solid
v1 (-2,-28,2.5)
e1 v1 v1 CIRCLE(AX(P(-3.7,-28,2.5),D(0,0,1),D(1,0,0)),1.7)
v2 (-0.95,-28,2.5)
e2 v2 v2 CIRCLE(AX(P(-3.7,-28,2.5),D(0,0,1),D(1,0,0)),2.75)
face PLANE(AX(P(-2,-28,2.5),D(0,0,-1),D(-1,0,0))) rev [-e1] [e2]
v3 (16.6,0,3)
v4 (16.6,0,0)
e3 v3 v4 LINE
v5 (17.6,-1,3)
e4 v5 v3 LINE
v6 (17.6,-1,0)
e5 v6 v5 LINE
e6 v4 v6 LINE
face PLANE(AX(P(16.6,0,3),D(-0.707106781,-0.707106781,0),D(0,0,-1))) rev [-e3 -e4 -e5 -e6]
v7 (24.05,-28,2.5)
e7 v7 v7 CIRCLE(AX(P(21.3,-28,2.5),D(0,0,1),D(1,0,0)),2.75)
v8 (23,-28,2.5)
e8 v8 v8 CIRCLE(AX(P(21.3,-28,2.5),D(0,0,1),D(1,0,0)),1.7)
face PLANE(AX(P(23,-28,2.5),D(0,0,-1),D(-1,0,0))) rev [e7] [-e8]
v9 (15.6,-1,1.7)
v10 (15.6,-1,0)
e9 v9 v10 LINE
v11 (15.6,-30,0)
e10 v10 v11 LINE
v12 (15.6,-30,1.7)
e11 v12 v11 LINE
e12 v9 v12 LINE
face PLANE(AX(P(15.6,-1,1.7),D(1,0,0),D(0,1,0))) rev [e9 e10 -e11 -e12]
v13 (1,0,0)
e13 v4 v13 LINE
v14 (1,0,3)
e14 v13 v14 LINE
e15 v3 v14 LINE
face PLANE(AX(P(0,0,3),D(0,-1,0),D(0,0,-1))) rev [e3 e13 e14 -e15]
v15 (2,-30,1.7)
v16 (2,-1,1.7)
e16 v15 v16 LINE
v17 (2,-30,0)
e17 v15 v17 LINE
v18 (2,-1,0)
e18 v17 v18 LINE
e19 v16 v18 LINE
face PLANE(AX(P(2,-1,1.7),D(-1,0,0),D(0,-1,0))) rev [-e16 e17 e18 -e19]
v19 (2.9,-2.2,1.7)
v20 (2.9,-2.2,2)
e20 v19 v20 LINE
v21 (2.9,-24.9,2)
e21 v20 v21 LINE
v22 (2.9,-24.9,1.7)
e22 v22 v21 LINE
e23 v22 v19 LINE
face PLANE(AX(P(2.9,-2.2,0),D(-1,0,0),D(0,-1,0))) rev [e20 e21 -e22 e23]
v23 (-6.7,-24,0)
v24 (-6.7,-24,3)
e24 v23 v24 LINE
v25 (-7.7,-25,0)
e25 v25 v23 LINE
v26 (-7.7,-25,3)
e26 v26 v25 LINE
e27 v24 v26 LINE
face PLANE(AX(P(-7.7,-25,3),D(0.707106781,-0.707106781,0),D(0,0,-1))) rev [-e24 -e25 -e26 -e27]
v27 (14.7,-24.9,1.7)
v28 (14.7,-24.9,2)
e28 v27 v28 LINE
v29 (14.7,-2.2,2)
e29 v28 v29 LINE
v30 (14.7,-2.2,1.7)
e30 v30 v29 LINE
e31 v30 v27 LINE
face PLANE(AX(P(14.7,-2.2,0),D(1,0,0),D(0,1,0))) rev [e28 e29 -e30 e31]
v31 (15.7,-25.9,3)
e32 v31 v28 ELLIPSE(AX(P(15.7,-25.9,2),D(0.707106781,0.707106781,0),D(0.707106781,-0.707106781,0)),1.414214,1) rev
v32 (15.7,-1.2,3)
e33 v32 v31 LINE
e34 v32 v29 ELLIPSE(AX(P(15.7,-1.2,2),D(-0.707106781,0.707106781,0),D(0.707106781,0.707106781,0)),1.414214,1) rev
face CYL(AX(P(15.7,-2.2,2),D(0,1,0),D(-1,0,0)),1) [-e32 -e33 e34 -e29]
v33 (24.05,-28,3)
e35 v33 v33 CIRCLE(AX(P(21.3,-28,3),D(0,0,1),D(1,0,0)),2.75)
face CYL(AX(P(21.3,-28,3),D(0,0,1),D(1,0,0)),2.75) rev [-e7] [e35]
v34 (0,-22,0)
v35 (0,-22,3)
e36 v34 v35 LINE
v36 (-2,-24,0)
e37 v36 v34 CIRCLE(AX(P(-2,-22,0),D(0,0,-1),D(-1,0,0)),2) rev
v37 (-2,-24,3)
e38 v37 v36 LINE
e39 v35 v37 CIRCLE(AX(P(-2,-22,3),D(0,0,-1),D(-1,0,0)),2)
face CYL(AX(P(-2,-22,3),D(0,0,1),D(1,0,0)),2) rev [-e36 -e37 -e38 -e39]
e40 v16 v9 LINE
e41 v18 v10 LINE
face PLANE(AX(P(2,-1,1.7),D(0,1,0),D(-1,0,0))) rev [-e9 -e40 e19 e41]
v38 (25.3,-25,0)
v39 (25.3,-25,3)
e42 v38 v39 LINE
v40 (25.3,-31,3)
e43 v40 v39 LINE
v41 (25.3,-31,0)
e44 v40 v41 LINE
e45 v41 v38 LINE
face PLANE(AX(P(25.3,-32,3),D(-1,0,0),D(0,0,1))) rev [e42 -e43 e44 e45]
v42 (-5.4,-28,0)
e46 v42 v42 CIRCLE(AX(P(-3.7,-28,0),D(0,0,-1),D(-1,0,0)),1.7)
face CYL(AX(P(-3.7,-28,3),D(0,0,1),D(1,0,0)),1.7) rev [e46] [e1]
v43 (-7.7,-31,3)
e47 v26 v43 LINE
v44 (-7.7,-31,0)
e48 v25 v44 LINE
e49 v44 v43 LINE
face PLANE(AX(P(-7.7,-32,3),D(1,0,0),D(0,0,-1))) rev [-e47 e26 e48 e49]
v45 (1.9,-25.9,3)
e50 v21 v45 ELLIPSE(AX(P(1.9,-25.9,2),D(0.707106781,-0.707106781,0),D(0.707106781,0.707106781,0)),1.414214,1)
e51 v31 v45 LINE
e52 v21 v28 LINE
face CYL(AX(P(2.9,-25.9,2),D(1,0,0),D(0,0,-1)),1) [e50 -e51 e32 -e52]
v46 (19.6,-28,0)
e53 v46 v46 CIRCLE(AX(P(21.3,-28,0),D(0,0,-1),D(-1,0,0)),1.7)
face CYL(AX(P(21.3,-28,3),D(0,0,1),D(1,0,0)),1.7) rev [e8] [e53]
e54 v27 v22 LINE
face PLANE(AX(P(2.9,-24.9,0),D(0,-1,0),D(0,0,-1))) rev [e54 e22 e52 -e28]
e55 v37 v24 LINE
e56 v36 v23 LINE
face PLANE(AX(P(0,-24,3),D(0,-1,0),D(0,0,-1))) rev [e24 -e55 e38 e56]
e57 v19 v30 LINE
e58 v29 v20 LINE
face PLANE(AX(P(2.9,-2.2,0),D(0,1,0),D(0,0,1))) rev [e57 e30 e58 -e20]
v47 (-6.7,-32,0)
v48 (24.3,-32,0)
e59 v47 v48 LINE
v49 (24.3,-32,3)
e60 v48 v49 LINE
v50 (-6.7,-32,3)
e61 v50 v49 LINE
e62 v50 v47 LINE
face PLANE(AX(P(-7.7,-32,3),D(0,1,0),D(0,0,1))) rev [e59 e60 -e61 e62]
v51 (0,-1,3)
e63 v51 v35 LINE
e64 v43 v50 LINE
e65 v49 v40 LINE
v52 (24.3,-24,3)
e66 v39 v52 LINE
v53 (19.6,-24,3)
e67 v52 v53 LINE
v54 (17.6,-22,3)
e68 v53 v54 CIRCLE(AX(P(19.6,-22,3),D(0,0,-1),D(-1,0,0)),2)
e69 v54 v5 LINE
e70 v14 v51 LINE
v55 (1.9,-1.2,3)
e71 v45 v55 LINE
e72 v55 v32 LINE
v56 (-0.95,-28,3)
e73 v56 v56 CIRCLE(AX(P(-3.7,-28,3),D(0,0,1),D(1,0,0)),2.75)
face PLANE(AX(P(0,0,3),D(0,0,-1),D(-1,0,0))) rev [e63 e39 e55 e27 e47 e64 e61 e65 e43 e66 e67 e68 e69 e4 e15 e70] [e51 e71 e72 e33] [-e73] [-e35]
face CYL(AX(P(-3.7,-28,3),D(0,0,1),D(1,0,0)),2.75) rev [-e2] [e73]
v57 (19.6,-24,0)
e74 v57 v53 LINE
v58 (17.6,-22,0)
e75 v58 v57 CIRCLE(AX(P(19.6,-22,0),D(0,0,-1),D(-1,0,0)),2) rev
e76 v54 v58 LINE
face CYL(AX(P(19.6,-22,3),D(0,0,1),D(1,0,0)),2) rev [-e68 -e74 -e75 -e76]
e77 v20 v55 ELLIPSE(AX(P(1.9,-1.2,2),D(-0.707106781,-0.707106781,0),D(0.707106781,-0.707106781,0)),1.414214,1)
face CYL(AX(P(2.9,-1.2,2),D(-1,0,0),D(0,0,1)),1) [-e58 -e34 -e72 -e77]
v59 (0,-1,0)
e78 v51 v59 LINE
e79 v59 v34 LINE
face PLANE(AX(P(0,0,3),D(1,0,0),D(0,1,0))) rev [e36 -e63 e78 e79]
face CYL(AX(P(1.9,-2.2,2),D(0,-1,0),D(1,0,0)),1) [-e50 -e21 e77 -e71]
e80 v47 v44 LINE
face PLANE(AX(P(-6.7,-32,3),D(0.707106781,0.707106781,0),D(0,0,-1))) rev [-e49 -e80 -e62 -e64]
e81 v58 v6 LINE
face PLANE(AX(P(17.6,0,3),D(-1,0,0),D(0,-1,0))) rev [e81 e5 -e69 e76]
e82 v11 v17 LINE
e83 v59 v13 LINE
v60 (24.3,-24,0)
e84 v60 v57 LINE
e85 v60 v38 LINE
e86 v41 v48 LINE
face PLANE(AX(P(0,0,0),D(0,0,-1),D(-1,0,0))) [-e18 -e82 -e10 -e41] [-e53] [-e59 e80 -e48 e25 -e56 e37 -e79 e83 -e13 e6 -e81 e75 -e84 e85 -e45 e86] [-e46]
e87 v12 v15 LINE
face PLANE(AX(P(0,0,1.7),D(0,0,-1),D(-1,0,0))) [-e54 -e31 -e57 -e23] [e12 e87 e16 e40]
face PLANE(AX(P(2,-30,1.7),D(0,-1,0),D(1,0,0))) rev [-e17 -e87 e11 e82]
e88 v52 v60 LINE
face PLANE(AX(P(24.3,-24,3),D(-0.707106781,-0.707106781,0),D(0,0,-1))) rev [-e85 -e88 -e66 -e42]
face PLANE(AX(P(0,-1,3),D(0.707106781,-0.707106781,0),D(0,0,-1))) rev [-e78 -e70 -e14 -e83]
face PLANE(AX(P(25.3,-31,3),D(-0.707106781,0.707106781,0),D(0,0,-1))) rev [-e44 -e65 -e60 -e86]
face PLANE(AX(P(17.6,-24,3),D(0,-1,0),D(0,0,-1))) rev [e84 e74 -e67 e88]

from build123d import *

# Parameters (mm, degrees)
EXTRUDE_1_DEPTH              = 3
SKETCH_2_W                   = 13.6
SKETCH_2_H                   = 29
CUT_EXTRUDE_1_DEPTH          = 1.7
SKETCH_3_W                   = 11.8
SKETCH_3_H                   = 22.7
CUT_EXTRUDE_2_DEPTH          = 4
HOLE_WIZARD_M3_1_D           = 3.4
HOLE_WIZARD_M3_1_DEPTH       = 7.5
HOLE_WIZARD_M3_1_CBORE_D     = 5.5
HOLE_WIZARD_M3_1_CBORE_DEPTH = 0.5
HOLE_WIZARD_M3_1_TIP         = 1.021463052
CHAMFER_1_SIZE               = 1
FILLET_1_R                   = 2
FILLET_3_R                   = 1


with BuildPart() as part:
    # 草图1 → 凸台-拉伸1 (new body)
    with BuildSketch(Plane.XY):
        Polygon((-7.7, -32), (25.3, -32), (25.3, -24), (17.6, -24), (17.6, 0), (0, 0), (0, -24), (-7.7, -24), align=None)
    extrude(amount=EXTRUDE_1_DEPTH)

    # 草图2 → 切除-拉伸1 (cut)
    with BuildSketch(Plane(origin=(0, 0, 0), x_dir=(-1, 0, 0), z_dir=(0, 0, -1))):
        with Locations((-8.8, -15.5)):
            Rectangle(SKETCH_2_W, SKETCH_2_H)
    extrude(amount=-CUT_EXTRUDE_1_DEPTH, mode=Mode.SUBTRACT)

    # 草图3 → 切除-拉伸2 (cut, through all)
    with BuildSketch(Plane.XY.offset(3)):
        with Locations((8.8, -13.55)):
            Rectangle(SKETCH_3_W, SKETCH_3_H)
    extrude(amount=-CUT_EXTRUDE_2_DEPTH, mode=Mode.SUBTRACT)

    # M3 六角头螺栓的柱形沉头孔1
    with Locations(Plane.XY.offset(3)):
        with Locations((-3.7, -28), (21.3, -28)):
            CounterBoreHole(HOLE_WIZARD_M3_1_D / 2, HOLE_WIZARD_M3_1_CBORE_D / 2, HOLE_WIZARD_M3_1_CBORE_DEPTH, depth=HOLE_WIZARD_M3_1_DEPTH)
            with Locations((0, 0, -(HOLE_WIZARD_M3_1_DEPTH + HOLE_WIZARD_M3_1_TIP / 2))):  # 118° drill point
                Cone(0, HOLE_WIZARD_M3_1_D / 2, HOLE_WIZARD_M3_1_TIP, mode=Mode.SUBTRACT)

    # 倒角1
    chamfer_1_edges = [part.edges().sort_by_distance(p)[0] for p in [
        (0, 0, 1.5),
        (17.6, 0, 1.5),
        (25.3, -24, 1.5),
        (25.3, -32, 1.5),
        (-7.7, -32, 1.5),
        (-7.7, -24, 1.5),
    ]]
    chamfer(chamfer_1_edges, length=CHAMFER_1_SIZE)

    # 圆角1
    fillet_1_edges = [part.edges().sort_by_distance(p)[0] for p in [
        (17.6, -24, 1.5),
        (0, -24, 1.5),
    ]]
    fillet(fillet_1_edges, radius=FILLET_1_R)

    # 圆角3
    fillet_3_edges = [part.edges().sort_by_distance(p)[0] for p in [
        (2.9, -13.55, 3),
        (8.8, -24.9, 3),
        (14.7, -13.55, 3),
        (8.8, -2.2, 3),
    ]]
    fillet(fillet_3_edges, radius=FILLET_3_R)


solid = part.part
